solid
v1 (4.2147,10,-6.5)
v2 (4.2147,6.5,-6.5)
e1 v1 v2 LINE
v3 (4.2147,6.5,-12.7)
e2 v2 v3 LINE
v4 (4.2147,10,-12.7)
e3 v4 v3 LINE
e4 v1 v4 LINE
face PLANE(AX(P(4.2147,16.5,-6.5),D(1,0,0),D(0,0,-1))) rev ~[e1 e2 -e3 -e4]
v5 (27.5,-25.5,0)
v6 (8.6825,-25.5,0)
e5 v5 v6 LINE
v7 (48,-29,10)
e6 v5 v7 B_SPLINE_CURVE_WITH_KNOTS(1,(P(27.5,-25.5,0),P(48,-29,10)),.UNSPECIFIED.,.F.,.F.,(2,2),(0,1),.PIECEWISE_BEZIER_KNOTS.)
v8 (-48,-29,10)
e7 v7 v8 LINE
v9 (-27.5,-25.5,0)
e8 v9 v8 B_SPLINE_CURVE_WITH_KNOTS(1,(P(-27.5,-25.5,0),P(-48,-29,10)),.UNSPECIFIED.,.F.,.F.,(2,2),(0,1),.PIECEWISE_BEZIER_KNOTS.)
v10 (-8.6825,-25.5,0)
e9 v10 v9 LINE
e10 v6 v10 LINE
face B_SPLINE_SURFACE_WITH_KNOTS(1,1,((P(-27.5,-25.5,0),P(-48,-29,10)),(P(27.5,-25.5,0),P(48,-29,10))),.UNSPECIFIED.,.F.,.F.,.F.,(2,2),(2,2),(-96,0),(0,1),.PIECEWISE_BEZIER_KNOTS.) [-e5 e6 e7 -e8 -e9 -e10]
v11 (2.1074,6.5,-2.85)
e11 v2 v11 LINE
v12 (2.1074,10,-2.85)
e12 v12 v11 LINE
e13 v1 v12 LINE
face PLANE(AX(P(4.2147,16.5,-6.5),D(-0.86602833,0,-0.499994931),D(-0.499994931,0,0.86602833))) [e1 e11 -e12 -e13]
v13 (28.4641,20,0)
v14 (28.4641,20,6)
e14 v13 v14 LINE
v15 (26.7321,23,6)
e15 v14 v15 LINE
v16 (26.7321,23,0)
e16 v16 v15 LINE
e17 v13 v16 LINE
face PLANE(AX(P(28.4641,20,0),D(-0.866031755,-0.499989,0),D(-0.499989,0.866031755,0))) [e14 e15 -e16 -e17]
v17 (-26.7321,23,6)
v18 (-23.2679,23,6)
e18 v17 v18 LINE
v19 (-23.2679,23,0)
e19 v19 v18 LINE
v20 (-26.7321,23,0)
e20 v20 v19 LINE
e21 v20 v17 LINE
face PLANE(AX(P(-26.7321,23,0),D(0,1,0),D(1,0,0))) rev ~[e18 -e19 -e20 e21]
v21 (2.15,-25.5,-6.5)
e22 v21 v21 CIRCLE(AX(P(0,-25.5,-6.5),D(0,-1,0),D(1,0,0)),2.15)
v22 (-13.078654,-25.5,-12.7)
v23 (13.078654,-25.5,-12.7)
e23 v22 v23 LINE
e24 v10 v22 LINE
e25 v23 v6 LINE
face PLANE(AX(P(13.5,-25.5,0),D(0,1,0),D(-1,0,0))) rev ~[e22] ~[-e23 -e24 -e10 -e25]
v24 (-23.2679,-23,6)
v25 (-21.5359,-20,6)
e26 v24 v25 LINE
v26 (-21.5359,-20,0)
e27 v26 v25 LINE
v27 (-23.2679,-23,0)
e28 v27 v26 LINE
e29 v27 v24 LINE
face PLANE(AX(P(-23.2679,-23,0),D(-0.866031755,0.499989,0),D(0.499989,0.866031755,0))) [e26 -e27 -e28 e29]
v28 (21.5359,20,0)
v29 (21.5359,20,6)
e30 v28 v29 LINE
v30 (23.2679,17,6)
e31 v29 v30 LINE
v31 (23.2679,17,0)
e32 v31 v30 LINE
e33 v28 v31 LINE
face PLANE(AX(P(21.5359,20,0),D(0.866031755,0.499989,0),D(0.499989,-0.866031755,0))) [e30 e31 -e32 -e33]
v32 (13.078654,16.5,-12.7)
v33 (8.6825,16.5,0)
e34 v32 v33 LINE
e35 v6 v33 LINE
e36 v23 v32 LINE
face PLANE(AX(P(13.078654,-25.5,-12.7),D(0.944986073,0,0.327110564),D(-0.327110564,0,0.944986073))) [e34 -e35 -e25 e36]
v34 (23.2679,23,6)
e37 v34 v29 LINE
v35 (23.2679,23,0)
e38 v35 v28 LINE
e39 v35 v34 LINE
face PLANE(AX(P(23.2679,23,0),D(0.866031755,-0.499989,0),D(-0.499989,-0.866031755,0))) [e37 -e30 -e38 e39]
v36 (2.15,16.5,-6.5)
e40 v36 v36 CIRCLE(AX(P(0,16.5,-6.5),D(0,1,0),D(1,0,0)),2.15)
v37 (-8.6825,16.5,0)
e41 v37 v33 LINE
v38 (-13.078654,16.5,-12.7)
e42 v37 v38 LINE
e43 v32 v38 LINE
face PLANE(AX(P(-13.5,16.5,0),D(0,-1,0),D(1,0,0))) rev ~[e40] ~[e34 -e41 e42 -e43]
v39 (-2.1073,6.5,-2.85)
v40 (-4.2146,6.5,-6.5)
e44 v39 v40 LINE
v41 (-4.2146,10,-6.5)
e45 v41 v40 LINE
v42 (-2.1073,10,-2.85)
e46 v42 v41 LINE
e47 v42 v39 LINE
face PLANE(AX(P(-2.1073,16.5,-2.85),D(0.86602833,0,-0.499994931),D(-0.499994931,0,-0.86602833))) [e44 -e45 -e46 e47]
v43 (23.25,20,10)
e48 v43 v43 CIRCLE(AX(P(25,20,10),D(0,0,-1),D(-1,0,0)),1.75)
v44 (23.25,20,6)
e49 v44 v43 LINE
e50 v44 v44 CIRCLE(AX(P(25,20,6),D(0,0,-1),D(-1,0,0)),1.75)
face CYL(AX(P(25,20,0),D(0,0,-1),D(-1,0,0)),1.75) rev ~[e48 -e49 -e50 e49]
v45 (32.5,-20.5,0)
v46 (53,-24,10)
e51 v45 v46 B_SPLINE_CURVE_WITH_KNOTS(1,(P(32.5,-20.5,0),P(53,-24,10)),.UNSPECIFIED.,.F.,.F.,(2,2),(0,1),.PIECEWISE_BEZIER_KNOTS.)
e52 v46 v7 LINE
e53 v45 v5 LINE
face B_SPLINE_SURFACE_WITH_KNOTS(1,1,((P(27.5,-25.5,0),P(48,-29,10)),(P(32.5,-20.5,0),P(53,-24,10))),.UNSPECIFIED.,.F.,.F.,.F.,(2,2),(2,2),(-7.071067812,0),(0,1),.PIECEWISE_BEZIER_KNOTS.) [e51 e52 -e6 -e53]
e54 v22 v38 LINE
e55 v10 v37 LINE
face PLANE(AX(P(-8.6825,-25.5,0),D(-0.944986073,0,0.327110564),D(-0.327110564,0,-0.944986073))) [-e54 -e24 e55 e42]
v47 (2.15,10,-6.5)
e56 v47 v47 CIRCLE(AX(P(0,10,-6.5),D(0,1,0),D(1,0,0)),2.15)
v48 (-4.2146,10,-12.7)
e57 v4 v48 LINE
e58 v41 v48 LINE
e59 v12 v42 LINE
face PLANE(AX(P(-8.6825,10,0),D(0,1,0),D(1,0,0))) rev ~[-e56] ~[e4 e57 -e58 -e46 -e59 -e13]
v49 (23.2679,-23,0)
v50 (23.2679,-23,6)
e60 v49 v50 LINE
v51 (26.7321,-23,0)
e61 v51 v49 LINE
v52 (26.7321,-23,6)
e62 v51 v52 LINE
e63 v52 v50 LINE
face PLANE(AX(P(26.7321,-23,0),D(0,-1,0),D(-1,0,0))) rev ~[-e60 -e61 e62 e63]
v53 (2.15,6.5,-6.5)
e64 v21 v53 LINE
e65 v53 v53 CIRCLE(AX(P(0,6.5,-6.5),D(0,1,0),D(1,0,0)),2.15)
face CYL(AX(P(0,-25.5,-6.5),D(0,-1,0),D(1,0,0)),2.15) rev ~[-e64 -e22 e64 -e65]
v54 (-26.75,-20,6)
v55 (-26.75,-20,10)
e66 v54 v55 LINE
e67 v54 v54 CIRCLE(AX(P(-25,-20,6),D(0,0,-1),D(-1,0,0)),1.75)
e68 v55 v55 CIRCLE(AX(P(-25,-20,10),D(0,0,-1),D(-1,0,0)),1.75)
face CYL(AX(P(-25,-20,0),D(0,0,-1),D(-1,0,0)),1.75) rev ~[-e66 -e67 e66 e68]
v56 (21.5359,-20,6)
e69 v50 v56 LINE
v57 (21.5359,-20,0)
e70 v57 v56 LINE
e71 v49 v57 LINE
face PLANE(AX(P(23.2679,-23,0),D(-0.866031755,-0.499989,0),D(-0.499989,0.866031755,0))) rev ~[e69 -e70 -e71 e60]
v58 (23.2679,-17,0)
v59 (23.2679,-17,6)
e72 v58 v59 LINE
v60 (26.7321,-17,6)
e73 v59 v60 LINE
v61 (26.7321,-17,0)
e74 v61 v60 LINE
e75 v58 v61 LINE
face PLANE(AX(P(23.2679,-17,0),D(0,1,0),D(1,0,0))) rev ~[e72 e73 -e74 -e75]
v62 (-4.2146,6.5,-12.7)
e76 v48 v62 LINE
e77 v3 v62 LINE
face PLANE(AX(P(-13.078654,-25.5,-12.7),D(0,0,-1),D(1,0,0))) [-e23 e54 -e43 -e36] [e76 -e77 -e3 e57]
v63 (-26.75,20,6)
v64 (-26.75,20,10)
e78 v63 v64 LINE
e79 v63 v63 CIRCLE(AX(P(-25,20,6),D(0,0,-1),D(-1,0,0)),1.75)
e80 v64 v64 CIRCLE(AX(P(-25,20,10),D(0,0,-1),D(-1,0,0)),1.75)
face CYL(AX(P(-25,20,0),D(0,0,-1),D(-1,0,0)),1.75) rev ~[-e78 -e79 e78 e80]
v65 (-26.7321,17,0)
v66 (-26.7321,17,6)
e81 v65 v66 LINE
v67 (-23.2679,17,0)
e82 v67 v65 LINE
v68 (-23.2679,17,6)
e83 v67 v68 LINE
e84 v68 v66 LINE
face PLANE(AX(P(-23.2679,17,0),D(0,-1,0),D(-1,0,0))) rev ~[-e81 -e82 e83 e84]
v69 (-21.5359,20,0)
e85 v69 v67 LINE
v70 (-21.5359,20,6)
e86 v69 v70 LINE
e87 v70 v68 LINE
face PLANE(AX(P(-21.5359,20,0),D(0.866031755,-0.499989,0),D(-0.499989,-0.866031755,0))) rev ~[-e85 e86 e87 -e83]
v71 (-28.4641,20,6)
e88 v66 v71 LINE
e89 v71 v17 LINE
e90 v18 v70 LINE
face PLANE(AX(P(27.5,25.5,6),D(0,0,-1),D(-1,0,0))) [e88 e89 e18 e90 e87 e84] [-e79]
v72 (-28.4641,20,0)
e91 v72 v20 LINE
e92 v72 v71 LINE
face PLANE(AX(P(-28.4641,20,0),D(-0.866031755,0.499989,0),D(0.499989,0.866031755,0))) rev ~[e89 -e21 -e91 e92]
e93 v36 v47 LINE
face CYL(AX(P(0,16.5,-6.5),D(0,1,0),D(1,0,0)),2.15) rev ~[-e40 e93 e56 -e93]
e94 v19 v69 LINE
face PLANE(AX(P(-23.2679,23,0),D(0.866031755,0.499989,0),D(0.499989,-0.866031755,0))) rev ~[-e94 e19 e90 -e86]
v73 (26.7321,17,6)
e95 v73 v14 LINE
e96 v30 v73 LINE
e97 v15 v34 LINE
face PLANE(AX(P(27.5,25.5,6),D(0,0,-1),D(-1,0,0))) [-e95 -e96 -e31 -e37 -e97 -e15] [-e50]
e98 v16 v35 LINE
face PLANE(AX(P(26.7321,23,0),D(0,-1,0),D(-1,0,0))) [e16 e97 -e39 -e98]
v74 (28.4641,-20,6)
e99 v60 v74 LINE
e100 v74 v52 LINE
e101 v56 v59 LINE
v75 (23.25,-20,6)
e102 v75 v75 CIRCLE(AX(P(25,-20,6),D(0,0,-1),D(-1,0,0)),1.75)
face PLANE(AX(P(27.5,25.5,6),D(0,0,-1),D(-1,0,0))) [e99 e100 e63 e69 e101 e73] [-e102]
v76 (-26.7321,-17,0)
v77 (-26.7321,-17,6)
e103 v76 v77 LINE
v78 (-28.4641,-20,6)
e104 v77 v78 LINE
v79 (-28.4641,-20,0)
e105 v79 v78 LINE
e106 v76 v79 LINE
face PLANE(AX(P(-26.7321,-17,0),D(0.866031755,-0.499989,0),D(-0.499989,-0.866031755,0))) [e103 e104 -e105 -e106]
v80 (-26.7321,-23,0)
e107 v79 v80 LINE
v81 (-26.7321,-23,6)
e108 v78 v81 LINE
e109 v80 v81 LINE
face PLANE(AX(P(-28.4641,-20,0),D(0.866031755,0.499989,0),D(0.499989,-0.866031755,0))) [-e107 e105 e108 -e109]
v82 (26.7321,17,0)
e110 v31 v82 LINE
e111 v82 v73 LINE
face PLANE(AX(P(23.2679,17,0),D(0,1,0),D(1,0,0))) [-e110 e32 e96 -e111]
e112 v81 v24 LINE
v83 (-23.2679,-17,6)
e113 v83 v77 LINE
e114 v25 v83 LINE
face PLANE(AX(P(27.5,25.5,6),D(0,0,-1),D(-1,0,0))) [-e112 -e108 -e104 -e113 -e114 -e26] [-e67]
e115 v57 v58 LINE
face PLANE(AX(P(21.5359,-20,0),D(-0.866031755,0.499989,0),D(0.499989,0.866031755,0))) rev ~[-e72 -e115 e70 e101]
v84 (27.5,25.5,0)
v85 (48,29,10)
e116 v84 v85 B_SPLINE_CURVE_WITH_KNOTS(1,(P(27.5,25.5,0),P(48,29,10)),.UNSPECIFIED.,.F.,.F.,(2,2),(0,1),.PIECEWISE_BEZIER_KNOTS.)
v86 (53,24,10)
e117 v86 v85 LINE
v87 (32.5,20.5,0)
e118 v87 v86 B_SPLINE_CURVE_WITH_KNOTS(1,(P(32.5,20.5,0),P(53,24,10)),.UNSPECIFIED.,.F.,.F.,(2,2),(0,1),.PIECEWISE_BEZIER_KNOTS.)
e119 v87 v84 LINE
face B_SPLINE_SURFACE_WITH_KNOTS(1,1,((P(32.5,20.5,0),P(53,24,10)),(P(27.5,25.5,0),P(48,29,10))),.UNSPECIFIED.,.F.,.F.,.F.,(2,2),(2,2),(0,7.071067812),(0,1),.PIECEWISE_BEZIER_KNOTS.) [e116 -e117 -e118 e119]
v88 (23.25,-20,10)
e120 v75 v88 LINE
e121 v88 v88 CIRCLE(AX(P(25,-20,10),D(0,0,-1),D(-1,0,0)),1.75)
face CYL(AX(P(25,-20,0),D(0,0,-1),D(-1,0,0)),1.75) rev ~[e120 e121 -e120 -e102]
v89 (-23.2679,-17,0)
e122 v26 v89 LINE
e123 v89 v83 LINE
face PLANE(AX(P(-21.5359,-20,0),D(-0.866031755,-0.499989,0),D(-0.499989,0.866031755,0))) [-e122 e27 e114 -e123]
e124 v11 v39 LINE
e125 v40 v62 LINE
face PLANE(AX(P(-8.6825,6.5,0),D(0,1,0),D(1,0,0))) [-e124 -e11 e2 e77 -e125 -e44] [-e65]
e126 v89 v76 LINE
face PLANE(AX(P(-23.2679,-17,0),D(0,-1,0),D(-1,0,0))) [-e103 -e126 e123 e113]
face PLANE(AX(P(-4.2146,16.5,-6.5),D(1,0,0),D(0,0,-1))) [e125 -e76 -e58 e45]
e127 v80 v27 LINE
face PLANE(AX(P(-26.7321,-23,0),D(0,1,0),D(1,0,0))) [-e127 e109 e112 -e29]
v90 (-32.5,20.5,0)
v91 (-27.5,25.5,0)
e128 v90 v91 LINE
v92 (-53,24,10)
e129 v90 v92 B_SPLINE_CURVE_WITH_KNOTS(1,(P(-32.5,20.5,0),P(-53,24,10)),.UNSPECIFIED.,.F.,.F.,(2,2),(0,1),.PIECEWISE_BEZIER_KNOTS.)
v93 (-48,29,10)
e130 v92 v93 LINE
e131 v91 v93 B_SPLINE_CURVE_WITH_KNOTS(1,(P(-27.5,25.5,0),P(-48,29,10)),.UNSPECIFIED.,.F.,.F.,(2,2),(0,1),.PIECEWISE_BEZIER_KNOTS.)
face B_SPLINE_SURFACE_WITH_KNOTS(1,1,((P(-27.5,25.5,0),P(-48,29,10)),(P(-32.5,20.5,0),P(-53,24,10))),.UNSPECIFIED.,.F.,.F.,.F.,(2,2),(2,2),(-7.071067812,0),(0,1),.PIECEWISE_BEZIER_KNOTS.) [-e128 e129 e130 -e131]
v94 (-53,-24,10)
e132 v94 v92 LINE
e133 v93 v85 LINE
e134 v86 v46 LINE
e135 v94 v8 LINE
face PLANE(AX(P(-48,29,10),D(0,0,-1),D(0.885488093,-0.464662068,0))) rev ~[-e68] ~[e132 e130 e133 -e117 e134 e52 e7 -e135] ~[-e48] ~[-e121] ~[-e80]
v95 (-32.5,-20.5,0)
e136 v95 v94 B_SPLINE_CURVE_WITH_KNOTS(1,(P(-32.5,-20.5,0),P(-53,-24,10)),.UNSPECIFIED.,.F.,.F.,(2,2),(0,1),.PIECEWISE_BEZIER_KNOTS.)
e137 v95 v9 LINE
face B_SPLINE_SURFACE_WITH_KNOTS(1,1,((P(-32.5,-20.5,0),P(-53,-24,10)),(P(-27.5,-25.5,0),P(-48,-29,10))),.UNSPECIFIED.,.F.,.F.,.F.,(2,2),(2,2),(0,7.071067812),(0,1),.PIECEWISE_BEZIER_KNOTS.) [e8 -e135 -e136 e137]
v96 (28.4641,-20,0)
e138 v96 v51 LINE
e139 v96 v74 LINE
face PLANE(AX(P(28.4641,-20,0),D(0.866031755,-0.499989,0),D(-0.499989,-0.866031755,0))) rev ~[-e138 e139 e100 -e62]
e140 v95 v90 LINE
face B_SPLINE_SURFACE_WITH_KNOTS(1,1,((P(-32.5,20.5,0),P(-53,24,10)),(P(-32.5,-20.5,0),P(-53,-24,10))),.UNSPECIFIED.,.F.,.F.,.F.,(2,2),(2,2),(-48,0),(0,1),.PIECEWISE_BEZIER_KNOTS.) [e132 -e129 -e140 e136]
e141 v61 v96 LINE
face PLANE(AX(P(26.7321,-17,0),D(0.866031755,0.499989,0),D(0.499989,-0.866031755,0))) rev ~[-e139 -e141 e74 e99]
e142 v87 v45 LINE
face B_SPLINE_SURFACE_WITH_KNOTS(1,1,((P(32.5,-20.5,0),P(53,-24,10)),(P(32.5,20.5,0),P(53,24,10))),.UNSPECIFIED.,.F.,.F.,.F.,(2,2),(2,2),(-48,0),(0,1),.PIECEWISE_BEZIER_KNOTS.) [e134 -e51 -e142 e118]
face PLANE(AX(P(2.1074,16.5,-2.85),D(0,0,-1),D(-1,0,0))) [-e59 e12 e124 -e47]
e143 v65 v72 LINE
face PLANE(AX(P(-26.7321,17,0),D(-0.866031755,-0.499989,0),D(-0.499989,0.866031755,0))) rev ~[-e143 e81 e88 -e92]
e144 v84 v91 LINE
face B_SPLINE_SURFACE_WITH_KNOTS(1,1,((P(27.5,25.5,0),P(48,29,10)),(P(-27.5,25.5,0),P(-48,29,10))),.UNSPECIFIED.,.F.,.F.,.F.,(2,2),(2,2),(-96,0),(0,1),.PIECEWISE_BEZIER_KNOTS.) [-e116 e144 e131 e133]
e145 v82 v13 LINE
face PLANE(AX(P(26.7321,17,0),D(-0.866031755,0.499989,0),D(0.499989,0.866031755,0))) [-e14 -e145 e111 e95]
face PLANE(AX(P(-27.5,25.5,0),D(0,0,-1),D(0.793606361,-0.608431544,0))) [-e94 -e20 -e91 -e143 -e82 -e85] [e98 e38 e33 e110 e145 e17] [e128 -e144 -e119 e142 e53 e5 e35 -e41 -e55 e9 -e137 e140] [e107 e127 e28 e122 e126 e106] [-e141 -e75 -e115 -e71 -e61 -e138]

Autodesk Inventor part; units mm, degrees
ref_plane "YZ Plane" through (0, 0, 0) normal (1, 0, 0) x (0, 1, 0)
ref_plane "XZ Plane" through (0, 0, 0) normal (0, 1, 0) x (-1, 0, 0)
ref_plane "Arbeitsebene1" through (0, 0, 10) normal (0, 0, 1) x (1, 0, 0)
sketch "Skizze1" plane through (0, 0, 0) normal (0, 0, 1) x (1, 0, 0)
  line L0 (-27.5, 25.5) -> (27.5, 25.5)
  line L1 (32.5, 20.5) -> (32.5, -20.5)
  line L2 (27.5, -25.5) -> (-27.5, -25.5)
  line L3 (-32.5, -20.5) -> (-32.5, 20.5)
  line L4 (-32.5, 0) -> (32.5, 0) construction
  line L5 (0, 25.5) -> (0, -25.5) construction
  line L6 (-32.5, 20.5) -> (-27.5, 25.5)
  line L7 (32.5, 20.5) -> (27.5, 25.5)
  line L8 (-32.5, -20.5) -> (-27.5, -25.5)
  line L9 (32.5, -20.5) -> (27.5, -25.5)
  point P0 (0, 0)
  point P1 (0, 0)
  dimension "d0" = 65
  dimension "d3" = 5
  dimension "d4" = 51
  dimension "d28" = 5
sketch "Skizze2" plane through (0, 0, 10) normal (0, 0, 1) x (1, 0, 0)
  line L0 (-48, 29) -> (48, 29)
  line L1 (53, 24) -> (53, -24)
  line L2 (48, -29) -> (-48, -29)
  line L3 (-53, -24) -> (-53, 24)
  line L4 (-53, 0) -> (53, 0) construction
  line L5 (0, 29) -> (0, -29) construction
  line L6 (-53, 24) -> (-48, 29)
  line L7 (53, 24) -> (48, 29)
  line L8 (-53, -24) -> (-48, -29)
  line L9 (53, -24) -> (48, -29)
  point P0 (0, 0)
  point P1 (0, 0)
  dimension "d6" = 58
  dimension "d8" = 45
  dimension "d9" = 5
  dimension "d10" = 106
loft "Erhebung1" add profiles "Skizze1", "Skizze2"
sketch "Skizze3" plane through (27.5, 25.5, 0) normal (0, 0, -1) x (-1, 0, 0)
  line L0 (14, -51) -> (41, -51)
  line L1 (41, -51) -> (41, -9)
  line L2 (41, -9) -> (14, -9)
  line L3 (14, -9) -> (14, -51)
  line L4 (55, -51) -> (0, -51) projected
  point P0 (27.5, -25.5)
  point P1 (27.5, -51)
  dimension "d15" = 27
  dimension "d16" = 42
extrude "Extrusion1" add sketch "Skizze3" along normal blind 13
sketch "Skizze4" plane through (-13.5, -25.5, 0) normal (0, -1, 0) x (1, 0, 0)
  line L0 (13.5, 0) -> (13.5, -13) construction
  line L1 (27, -13) -> (0, -13) construction
  circle A0 centre (13.5, -6.5) radius 2.15
  line L2 (27, 0) -> (27, -13) projected
  line L3 (27, -13) -> (22.5, 0)
  line L4 (0, 0) -> (27, 0) projected
  line L5 (0, -13) -> (4.5, 0)
  line L6 (0, 0) -> (27, 0) projected
  line L7 (0, 0) -> (0, -13) projected
  line L8 (27, -13) -> (0, -13) projected
  line L9 (27, 0) -> (27, -13) projected
  line L10 (26.6825, -13) -> (22.1825, 0)
  line L11 (4.8175, 0) -> (0.3175, -13)
  line L12 (0.1038, -12.7) -> (26.8962, -12.7)
  point P0 (26.5787, -12.7)
  point P1 (0.4213, -12.7)
  point P2 (22.1825, 0)
  dimension "d19" = 18
  dimension "d20" = 4.3
  dimension "d29" = 27
  dimension "d30" = 13
  dimension "d31" = 0.3
  dimension "d32" = 0.3
  dimension "d33" = 0.3
extrude "Extrusion2" cut sketch "Skizze4" against normal through all contours A0 | L2 L3 L4 | L8 L10 L12 L3 | L3 L12 L10 L4 | L8 L11 L12 L10 | L8 L5 L12 L11 | L11 L12 L5 L4 | L7 L4 L5
sketch "Skizze5" plane through (27.5, 25.5, 0) normal (0, 0, -1) x (-1, 0, 0)
  line L0 (2.5, -5.5) -> (52.5, -5.5)
  line L1 (52.5, -5.5) -> (52.5, -45.5)
  line L2 (52.5, -45.5) -> (2.5, -45.5)
  line L3 (2.5, -45.5) -> (2.5, -5.5)
  line L4 (2.5, -5.5) -> (52.5, -45.5) construction
  line L5 (52.5, -5.5) -> (2.5, -45.5) construction
  circle A0 centre (2.5, -5.5) radius 1.75
  circle A1 centre (52.5, -5.5) radius 1.75
  circle A2 centre (2.5, -45.5) radius 1.75
  circle A3 centre (52.5, -45.5) radius 1.75
  point P0 (27.5, -25.5)
  point P1 (27.5, -25.5)
  point P2 (27.5, -25.5)
  dimension "d23" = 50
  dimension "d24" = 40
  dimension "d25" = 3.5
extrude "Extrusion3" cut sketch "Skizze5" against normal through all contours L3 A0 L0 | L0 A0 L3 | A1 L1 L0 | L0 L1 A1 | A2 L2 L3 | L3 L2 A2 | A3 L2 L1 | L1 L2 A3
sketch "Skizze6" plane through (27.5, 25.5, 0) normal (0, 0, -1) x (-1, 0, 0)
  circle A0 centre (2.5, -5.5) radius 1.75 projected
  line L0 (-0.9641, -5.5) -> (0.7679, -2.5)
  line L1 (0.7679, -2.5) -> (4.2321, -2.5)
  line L2 (4.2321, -2.5) -> (5.9641, -5.5)
  line L3 (5.9641, -5.5) -> (4.2321, -8.5)
  line L4 (4.2321, -8.5) -> (0.7679, -8.5)
  line L5 (0.7679, -8.5) -> (-0.9641, -5.5)
  line L6 (0, 0) -> (55, 0) projected
  line L7 (27.5, 0) -> (27.5, -51) construction
  line L8 (36.1825, -51) -> (18.8175, -51) construction
  line L9 (-5, -46) -> (-5, -5) construction
  line L10 (-5, -25.5) -> (60, -25.5) construction
  line L11 (60, -5) -> (60, -46) construction
  circle A1 centre (52.5, -5.5) radius 1.75
  line L12 (55.9641, -5.5) -> (54.2321, -2.5)
  line L13 (54.2321, -2.5) -> (50.7679, -2.5)
  line L14 (50.7679, -2.5) -> (49.0359, -5.5)
  line L15 (49.0359, -5.5) -> (50.7679, -8.5)
  line L16 (50.7679, -8.5) -> (54.2321, -8.5)
  line L17 (54.2321, -8.5) -> (55.9641, -5.5)
  line L18 (55, 0) -> (0, 0)
  circle A2 centre (2.5, -45.5) radius 1.75
  line L19 (-0.9641, -45.5) -> (0.7679, -48.5)
  line L20 (0.7679, -48.5) -> (4.2321, -48.5)
  line L21 (4.2321, -48.5) -> (5.9641, -45.5)
  line L22 (5.9641, -45.5) -> (4.2321, -42.5)
  line L23 (4.2321, -42.5) -> (0.7679, -42.5)
  line L24 (0.7679, -42.5) -> (-0.9641, -45.5)
  line L25 (54.2321, -48.5) -> (50.7679, -48.5)
  line L26 (55.9641, -45.5) -> (54.2321, -48.5)
  circle A3 centre (52.5, -45.5) radius 1.75
  line L27 (50.7679, -48.5) -> (49.0359, -45.5)
  line L28 (54.2321, -42.5) -> (55.9641, -45.5)
  line L29 (50.7679, -42.5) -> (54.2321, -42.5)
  line L30 (49.0359, -45.5) -> (50.7679, -42.5)
  point P0 (27.5, -25.5)
  dimension "d34" = 6
extrude "Extrusion4" cut sketch "Skizze6" against normal blind 6 contours A0 | L0 L1 L2 L3 L4 L5 | A1 | L17 L16 L15 L14 L13 L12 | A2 | L24 L23 L22 L21 L20 L19 | L25 L27 L30 L29 L28 L26 | A3
sketch "Skizze7" plane through (-8.6825, 16.5, 0) normal (0, 1, 0) x (1, 0, 0)
  circle A0 centre (8.6825, 6.5) radius 2.15 projected
  line L0 (6.5752, 10.15) -> (10.7899, 10.15)
  line L1 (10.7899, 10.15) -> (12.8972, 6.5)
  line L2 (12.8972, 6.5) -> (10.7899, 2.85)
  line L3 (10.7899, 2.85) -> (6.5752, 2.85)
  line L4 (6.5752, 2.85) -> (4.4679, 6.5)
  line L5 (4.4679, 6.5) -> (6.5752, 10.15)
  line L6 (21.7612, 12.7) -> (-4.3962, 12.7) projected
  line L7 (4.4679, 6.5) -> (4.4679, 12.7)
  line L8 (12.8972, 6.5) -> (12.8972, 12.7)
  line L9 (-4.3962, 12.7) -> (21.7612, 12.7) projected
  line L10 (4.4679, 12.7) -> (12.8972, 12.7)
  point P0 (8.6825, 0)
  dimension "d37" = 7.3
extrude "Extrusion5" cut sketch "Skizze7" against normal blind 10
extrude "Extrusion6" add sketch "Skizze7" against normal blind 6.5
equation "\"d32\" = d31"
equation "\"d33\" = d32"
properties part number "5,1_3D-Druck"
